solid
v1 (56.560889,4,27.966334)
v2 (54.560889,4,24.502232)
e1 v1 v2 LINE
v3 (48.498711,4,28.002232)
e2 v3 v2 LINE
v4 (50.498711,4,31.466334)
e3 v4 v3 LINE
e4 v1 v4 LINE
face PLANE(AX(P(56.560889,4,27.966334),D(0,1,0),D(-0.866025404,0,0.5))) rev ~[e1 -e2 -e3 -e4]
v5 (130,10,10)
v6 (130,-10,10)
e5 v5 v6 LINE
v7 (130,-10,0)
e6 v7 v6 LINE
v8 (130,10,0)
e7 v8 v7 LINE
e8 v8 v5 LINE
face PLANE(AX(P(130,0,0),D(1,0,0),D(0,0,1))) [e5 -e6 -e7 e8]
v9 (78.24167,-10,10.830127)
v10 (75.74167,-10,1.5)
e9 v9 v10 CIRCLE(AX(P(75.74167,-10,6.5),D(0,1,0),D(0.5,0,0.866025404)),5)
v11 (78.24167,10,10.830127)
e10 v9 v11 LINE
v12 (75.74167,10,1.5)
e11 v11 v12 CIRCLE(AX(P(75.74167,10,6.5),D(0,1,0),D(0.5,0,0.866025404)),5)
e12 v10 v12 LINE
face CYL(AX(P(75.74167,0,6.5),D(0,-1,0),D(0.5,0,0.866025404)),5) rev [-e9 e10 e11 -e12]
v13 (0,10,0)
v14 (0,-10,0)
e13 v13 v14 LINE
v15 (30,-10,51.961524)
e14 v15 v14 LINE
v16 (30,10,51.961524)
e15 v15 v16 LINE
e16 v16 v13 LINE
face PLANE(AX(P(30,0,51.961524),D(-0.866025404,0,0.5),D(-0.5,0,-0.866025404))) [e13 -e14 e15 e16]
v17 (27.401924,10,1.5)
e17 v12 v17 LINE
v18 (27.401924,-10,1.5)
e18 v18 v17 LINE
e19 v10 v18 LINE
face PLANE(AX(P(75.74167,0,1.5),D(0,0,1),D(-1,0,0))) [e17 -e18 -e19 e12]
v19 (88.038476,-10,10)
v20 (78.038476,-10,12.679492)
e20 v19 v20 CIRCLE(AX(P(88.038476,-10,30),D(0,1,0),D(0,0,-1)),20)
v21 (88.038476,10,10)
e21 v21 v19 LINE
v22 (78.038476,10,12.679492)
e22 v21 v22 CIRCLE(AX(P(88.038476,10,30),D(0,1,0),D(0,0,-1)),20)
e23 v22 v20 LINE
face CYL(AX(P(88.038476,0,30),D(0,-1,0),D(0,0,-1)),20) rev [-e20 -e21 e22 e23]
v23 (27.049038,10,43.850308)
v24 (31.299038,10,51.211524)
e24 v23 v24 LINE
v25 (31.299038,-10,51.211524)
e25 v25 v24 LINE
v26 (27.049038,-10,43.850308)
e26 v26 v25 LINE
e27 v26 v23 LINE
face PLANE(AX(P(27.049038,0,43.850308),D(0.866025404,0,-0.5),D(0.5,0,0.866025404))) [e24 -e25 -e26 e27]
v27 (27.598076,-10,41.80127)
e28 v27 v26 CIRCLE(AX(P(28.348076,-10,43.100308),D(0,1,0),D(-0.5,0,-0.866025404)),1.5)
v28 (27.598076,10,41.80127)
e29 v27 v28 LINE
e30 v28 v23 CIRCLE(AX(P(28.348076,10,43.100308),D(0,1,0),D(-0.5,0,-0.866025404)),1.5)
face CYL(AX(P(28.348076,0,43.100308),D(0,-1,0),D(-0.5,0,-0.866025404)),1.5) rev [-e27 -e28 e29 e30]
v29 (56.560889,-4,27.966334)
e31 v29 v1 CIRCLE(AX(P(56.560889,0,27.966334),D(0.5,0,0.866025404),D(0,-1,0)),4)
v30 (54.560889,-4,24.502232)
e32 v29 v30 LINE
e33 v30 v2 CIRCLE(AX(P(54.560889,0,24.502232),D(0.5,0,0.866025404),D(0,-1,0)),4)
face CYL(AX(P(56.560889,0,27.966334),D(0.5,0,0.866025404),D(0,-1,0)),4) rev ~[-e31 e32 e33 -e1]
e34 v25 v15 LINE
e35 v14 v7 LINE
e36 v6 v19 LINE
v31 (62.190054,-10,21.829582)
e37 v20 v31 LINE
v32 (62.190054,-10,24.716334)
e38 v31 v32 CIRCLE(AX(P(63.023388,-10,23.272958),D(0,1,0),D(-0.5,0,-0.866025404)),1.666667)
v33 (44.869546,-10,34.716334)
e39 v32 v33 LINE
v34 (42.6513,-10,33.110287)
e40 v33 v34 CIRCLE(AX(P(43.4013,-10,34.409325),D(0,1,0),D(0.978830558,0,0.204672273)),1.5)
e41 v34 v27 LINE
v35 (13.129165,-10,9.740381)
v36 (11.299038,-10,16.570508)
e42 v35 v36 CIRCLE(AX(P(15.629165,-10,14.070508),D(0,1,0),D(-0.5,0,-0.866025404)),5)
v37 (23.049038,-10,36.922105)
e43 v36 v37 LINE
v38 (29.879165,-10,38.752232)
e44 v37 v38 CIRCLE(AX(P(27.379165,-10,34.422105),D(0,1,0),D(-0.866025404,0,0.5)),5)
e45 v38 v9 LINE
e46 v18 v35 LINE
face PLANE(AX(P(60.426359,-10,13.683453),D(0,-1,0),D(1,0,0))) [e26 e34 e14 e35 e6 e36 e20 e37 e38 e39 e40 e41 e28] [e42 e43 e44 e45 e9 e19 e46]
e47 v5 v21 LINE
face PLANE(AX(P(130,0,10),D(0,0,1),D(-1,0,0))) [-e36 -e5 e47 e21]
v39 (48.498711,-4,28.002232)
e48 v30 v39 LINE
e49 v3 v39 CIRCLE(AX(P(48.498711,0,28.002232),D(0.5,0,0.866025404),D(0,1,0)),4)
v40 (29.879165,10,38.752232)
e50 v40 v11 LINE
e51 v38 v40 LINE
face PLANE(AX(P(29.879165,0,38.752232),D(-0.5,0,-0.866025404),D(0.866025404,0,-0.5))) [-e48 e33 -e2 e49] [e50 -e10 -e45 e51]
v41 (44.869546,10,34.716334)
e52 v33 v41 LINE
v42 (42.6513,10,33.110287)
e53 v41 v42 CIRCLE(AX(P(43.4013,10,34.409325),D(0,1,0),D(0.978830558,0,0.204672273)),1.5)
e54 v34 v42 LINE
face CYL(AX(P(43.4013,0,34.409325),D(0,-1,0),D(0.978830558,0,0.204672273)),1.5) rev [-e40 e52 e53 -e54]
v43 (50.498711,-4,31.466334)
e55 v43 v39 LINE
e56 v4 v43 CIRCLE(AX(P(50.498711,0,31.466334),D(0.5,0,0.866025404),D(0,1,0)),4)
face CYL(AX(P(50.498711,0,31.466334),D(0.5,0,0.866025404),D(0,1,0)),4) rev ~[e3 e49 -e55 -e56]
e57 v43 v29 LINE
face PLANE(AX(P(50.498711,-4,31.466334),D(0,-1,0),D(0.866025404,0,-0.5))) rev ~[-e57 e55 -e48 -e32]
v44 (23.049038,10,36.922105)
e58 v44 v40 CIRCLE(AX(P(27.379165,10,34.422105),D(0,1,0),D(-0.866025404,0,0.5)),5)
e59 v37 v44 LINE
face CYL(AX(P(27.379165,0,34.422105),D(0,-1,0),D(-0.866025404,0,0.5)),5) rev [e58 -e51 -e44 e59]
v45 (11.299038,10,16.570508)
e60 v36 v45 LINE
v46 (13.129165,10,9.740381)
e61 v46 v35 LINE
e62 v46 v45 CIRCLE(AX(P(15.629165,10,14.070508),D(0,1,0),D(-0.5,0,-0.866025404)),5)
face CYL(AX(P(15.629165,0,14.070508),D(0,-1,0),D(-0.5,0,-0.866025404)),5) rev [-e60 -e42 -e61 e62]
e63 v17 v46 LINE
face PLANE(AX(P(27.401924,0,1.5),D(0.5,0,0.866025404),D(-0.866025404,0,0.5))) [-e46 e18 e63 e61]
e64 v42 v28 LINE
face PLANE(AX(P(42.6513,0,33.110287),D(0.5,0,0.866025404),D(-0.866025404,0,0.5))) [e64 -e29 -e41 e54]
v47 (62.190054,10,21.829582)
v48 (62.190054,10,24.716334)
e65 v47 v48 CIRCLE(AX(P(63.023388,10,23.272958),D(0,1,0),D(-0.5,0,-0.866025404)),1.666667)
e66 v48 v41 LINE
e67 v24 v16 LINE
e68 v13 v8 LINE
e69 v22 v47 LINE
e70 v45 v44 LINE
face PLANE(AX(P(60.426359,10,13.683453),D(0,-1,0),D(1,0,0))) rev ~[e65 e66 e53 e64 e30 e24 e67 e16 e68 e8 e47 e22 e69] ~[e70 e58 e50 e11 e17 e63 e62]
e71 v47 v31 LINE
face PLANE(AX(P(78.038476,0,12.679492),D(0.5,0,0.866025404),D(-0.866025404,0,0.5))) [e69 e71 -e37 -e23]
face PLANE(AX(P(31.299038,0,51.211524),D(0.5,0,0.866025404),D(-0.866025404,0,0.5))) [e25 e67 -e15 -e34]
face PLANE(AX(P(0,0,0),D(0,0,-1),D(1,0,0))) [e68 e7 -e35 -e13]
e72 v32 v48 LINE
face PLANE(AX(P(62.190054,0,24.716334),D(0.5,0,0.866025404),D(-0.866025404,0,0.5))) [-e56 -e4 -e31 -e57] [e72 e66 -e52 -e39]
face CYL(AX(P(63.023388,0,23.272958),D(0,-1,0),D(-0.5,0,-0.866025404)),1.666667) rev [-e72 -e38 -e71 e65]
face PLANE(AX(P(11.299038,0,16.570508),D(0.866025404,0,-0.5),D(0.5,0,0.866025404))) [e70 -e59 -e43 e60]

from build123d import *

# Parameters (mm, degrees)
F1_DEPTH = 10
F3_DEPTH = 5


with BuildPart() as f1:
    # F0 (on Front) → F1 (new body, symmetric)
    with BuildSketch(Plane.XZ):
        with BuildLine():
            Line((30, 51.9615242271), (0, 0))
            Line((0, 0), (130, 0))
            Line((130, 0), (130, 10))
            Line((130, 10), (88.0384757729, 10))
            ThreePointArc((88.0384757729, 10), (82.8620948709, 10.6814834742), (78.0384757729, 12.6794919243))
            Line((78.0384757729, 12.6794919243), (62.1900542571, 21.8295823527))
            ThreePointArc((62.1900542571, 21.8295823527), (61.3567209237, 23.2729580257), (62.1900542571, 24.7163336987))
            Line((62.1900542571, 24.7163336987), (44.8695461814, 34.7163336987))
            ThreePointArc((44.8695461814, 34.7163336987), (44.2809682495, 33.1943420065), (42.6513003448, 33.1102871836))
            Line((42.6513003448, 33.1102871836), (27.5980762114, 41.8012701892))
            ThreePointArc((27.5980762114, 41.8012701892), (26.8991874719, 42.7120797272), (27.0490381057, 43.8503082949))
            Line((27.0490381057, 43.8503082949), (31.2990381057, 51.2115242271))
            Line((31.2990381057, 51.2115242271), (30, 51.9615242271))
        make_face()
        with BuildLine():
            ThreePointArc((13.1291651246, 9.7403810568), (10.7995359932, 12.7764128502), (11.2990381057, 16.5705080757))
            Line((11.2990381057, 16.5705080757), (23.0490381057, 36.9221050646))
            ThreePointArc((23.0490381057, 36.9221050646), (26.0850698991, 39.2517341961), (29.8791651246, 38.7522320835))
            Line((29.8791651246, 38.7522320835), (78.2416697508, 10.8301270189))
            ThreePointArc((78.2416697508, 10.8301270189), (80.5712988822, 5.2059047745), (75.7416697508, 1.5))
            Line((75.7416697508, 1.5), (27.4019237886, 1.5))
            Line((27.4019237886, 1.5), (13.1291651246, 9.7403810568))
        make_face(mode=Mode.SUBTRACT)
    extrude(amount=F1_DEPTH, both=True)

    # F2 (on face) → F3 (cut)
    with BuildSketch(Plane(origin=(26.25, 0, 45.4663336987), x_dir=(0.8660254038, 0, -0.5), z_dir=(0.5, 0, 0.8660254038))):
        with BuildLine():
            ThreePointArc((28, 4), (24, 0), (28, -4))
            Line((28, -4), (35, -4))
            ThreePointArc((35, -4), (39, 0), (35, 4))
            Line((35, 4), (28, 4))
        make_face()
    extrude(amount=-F3_DEPTH, mode=Mode.SUBTRACT)


solid = f1.part
